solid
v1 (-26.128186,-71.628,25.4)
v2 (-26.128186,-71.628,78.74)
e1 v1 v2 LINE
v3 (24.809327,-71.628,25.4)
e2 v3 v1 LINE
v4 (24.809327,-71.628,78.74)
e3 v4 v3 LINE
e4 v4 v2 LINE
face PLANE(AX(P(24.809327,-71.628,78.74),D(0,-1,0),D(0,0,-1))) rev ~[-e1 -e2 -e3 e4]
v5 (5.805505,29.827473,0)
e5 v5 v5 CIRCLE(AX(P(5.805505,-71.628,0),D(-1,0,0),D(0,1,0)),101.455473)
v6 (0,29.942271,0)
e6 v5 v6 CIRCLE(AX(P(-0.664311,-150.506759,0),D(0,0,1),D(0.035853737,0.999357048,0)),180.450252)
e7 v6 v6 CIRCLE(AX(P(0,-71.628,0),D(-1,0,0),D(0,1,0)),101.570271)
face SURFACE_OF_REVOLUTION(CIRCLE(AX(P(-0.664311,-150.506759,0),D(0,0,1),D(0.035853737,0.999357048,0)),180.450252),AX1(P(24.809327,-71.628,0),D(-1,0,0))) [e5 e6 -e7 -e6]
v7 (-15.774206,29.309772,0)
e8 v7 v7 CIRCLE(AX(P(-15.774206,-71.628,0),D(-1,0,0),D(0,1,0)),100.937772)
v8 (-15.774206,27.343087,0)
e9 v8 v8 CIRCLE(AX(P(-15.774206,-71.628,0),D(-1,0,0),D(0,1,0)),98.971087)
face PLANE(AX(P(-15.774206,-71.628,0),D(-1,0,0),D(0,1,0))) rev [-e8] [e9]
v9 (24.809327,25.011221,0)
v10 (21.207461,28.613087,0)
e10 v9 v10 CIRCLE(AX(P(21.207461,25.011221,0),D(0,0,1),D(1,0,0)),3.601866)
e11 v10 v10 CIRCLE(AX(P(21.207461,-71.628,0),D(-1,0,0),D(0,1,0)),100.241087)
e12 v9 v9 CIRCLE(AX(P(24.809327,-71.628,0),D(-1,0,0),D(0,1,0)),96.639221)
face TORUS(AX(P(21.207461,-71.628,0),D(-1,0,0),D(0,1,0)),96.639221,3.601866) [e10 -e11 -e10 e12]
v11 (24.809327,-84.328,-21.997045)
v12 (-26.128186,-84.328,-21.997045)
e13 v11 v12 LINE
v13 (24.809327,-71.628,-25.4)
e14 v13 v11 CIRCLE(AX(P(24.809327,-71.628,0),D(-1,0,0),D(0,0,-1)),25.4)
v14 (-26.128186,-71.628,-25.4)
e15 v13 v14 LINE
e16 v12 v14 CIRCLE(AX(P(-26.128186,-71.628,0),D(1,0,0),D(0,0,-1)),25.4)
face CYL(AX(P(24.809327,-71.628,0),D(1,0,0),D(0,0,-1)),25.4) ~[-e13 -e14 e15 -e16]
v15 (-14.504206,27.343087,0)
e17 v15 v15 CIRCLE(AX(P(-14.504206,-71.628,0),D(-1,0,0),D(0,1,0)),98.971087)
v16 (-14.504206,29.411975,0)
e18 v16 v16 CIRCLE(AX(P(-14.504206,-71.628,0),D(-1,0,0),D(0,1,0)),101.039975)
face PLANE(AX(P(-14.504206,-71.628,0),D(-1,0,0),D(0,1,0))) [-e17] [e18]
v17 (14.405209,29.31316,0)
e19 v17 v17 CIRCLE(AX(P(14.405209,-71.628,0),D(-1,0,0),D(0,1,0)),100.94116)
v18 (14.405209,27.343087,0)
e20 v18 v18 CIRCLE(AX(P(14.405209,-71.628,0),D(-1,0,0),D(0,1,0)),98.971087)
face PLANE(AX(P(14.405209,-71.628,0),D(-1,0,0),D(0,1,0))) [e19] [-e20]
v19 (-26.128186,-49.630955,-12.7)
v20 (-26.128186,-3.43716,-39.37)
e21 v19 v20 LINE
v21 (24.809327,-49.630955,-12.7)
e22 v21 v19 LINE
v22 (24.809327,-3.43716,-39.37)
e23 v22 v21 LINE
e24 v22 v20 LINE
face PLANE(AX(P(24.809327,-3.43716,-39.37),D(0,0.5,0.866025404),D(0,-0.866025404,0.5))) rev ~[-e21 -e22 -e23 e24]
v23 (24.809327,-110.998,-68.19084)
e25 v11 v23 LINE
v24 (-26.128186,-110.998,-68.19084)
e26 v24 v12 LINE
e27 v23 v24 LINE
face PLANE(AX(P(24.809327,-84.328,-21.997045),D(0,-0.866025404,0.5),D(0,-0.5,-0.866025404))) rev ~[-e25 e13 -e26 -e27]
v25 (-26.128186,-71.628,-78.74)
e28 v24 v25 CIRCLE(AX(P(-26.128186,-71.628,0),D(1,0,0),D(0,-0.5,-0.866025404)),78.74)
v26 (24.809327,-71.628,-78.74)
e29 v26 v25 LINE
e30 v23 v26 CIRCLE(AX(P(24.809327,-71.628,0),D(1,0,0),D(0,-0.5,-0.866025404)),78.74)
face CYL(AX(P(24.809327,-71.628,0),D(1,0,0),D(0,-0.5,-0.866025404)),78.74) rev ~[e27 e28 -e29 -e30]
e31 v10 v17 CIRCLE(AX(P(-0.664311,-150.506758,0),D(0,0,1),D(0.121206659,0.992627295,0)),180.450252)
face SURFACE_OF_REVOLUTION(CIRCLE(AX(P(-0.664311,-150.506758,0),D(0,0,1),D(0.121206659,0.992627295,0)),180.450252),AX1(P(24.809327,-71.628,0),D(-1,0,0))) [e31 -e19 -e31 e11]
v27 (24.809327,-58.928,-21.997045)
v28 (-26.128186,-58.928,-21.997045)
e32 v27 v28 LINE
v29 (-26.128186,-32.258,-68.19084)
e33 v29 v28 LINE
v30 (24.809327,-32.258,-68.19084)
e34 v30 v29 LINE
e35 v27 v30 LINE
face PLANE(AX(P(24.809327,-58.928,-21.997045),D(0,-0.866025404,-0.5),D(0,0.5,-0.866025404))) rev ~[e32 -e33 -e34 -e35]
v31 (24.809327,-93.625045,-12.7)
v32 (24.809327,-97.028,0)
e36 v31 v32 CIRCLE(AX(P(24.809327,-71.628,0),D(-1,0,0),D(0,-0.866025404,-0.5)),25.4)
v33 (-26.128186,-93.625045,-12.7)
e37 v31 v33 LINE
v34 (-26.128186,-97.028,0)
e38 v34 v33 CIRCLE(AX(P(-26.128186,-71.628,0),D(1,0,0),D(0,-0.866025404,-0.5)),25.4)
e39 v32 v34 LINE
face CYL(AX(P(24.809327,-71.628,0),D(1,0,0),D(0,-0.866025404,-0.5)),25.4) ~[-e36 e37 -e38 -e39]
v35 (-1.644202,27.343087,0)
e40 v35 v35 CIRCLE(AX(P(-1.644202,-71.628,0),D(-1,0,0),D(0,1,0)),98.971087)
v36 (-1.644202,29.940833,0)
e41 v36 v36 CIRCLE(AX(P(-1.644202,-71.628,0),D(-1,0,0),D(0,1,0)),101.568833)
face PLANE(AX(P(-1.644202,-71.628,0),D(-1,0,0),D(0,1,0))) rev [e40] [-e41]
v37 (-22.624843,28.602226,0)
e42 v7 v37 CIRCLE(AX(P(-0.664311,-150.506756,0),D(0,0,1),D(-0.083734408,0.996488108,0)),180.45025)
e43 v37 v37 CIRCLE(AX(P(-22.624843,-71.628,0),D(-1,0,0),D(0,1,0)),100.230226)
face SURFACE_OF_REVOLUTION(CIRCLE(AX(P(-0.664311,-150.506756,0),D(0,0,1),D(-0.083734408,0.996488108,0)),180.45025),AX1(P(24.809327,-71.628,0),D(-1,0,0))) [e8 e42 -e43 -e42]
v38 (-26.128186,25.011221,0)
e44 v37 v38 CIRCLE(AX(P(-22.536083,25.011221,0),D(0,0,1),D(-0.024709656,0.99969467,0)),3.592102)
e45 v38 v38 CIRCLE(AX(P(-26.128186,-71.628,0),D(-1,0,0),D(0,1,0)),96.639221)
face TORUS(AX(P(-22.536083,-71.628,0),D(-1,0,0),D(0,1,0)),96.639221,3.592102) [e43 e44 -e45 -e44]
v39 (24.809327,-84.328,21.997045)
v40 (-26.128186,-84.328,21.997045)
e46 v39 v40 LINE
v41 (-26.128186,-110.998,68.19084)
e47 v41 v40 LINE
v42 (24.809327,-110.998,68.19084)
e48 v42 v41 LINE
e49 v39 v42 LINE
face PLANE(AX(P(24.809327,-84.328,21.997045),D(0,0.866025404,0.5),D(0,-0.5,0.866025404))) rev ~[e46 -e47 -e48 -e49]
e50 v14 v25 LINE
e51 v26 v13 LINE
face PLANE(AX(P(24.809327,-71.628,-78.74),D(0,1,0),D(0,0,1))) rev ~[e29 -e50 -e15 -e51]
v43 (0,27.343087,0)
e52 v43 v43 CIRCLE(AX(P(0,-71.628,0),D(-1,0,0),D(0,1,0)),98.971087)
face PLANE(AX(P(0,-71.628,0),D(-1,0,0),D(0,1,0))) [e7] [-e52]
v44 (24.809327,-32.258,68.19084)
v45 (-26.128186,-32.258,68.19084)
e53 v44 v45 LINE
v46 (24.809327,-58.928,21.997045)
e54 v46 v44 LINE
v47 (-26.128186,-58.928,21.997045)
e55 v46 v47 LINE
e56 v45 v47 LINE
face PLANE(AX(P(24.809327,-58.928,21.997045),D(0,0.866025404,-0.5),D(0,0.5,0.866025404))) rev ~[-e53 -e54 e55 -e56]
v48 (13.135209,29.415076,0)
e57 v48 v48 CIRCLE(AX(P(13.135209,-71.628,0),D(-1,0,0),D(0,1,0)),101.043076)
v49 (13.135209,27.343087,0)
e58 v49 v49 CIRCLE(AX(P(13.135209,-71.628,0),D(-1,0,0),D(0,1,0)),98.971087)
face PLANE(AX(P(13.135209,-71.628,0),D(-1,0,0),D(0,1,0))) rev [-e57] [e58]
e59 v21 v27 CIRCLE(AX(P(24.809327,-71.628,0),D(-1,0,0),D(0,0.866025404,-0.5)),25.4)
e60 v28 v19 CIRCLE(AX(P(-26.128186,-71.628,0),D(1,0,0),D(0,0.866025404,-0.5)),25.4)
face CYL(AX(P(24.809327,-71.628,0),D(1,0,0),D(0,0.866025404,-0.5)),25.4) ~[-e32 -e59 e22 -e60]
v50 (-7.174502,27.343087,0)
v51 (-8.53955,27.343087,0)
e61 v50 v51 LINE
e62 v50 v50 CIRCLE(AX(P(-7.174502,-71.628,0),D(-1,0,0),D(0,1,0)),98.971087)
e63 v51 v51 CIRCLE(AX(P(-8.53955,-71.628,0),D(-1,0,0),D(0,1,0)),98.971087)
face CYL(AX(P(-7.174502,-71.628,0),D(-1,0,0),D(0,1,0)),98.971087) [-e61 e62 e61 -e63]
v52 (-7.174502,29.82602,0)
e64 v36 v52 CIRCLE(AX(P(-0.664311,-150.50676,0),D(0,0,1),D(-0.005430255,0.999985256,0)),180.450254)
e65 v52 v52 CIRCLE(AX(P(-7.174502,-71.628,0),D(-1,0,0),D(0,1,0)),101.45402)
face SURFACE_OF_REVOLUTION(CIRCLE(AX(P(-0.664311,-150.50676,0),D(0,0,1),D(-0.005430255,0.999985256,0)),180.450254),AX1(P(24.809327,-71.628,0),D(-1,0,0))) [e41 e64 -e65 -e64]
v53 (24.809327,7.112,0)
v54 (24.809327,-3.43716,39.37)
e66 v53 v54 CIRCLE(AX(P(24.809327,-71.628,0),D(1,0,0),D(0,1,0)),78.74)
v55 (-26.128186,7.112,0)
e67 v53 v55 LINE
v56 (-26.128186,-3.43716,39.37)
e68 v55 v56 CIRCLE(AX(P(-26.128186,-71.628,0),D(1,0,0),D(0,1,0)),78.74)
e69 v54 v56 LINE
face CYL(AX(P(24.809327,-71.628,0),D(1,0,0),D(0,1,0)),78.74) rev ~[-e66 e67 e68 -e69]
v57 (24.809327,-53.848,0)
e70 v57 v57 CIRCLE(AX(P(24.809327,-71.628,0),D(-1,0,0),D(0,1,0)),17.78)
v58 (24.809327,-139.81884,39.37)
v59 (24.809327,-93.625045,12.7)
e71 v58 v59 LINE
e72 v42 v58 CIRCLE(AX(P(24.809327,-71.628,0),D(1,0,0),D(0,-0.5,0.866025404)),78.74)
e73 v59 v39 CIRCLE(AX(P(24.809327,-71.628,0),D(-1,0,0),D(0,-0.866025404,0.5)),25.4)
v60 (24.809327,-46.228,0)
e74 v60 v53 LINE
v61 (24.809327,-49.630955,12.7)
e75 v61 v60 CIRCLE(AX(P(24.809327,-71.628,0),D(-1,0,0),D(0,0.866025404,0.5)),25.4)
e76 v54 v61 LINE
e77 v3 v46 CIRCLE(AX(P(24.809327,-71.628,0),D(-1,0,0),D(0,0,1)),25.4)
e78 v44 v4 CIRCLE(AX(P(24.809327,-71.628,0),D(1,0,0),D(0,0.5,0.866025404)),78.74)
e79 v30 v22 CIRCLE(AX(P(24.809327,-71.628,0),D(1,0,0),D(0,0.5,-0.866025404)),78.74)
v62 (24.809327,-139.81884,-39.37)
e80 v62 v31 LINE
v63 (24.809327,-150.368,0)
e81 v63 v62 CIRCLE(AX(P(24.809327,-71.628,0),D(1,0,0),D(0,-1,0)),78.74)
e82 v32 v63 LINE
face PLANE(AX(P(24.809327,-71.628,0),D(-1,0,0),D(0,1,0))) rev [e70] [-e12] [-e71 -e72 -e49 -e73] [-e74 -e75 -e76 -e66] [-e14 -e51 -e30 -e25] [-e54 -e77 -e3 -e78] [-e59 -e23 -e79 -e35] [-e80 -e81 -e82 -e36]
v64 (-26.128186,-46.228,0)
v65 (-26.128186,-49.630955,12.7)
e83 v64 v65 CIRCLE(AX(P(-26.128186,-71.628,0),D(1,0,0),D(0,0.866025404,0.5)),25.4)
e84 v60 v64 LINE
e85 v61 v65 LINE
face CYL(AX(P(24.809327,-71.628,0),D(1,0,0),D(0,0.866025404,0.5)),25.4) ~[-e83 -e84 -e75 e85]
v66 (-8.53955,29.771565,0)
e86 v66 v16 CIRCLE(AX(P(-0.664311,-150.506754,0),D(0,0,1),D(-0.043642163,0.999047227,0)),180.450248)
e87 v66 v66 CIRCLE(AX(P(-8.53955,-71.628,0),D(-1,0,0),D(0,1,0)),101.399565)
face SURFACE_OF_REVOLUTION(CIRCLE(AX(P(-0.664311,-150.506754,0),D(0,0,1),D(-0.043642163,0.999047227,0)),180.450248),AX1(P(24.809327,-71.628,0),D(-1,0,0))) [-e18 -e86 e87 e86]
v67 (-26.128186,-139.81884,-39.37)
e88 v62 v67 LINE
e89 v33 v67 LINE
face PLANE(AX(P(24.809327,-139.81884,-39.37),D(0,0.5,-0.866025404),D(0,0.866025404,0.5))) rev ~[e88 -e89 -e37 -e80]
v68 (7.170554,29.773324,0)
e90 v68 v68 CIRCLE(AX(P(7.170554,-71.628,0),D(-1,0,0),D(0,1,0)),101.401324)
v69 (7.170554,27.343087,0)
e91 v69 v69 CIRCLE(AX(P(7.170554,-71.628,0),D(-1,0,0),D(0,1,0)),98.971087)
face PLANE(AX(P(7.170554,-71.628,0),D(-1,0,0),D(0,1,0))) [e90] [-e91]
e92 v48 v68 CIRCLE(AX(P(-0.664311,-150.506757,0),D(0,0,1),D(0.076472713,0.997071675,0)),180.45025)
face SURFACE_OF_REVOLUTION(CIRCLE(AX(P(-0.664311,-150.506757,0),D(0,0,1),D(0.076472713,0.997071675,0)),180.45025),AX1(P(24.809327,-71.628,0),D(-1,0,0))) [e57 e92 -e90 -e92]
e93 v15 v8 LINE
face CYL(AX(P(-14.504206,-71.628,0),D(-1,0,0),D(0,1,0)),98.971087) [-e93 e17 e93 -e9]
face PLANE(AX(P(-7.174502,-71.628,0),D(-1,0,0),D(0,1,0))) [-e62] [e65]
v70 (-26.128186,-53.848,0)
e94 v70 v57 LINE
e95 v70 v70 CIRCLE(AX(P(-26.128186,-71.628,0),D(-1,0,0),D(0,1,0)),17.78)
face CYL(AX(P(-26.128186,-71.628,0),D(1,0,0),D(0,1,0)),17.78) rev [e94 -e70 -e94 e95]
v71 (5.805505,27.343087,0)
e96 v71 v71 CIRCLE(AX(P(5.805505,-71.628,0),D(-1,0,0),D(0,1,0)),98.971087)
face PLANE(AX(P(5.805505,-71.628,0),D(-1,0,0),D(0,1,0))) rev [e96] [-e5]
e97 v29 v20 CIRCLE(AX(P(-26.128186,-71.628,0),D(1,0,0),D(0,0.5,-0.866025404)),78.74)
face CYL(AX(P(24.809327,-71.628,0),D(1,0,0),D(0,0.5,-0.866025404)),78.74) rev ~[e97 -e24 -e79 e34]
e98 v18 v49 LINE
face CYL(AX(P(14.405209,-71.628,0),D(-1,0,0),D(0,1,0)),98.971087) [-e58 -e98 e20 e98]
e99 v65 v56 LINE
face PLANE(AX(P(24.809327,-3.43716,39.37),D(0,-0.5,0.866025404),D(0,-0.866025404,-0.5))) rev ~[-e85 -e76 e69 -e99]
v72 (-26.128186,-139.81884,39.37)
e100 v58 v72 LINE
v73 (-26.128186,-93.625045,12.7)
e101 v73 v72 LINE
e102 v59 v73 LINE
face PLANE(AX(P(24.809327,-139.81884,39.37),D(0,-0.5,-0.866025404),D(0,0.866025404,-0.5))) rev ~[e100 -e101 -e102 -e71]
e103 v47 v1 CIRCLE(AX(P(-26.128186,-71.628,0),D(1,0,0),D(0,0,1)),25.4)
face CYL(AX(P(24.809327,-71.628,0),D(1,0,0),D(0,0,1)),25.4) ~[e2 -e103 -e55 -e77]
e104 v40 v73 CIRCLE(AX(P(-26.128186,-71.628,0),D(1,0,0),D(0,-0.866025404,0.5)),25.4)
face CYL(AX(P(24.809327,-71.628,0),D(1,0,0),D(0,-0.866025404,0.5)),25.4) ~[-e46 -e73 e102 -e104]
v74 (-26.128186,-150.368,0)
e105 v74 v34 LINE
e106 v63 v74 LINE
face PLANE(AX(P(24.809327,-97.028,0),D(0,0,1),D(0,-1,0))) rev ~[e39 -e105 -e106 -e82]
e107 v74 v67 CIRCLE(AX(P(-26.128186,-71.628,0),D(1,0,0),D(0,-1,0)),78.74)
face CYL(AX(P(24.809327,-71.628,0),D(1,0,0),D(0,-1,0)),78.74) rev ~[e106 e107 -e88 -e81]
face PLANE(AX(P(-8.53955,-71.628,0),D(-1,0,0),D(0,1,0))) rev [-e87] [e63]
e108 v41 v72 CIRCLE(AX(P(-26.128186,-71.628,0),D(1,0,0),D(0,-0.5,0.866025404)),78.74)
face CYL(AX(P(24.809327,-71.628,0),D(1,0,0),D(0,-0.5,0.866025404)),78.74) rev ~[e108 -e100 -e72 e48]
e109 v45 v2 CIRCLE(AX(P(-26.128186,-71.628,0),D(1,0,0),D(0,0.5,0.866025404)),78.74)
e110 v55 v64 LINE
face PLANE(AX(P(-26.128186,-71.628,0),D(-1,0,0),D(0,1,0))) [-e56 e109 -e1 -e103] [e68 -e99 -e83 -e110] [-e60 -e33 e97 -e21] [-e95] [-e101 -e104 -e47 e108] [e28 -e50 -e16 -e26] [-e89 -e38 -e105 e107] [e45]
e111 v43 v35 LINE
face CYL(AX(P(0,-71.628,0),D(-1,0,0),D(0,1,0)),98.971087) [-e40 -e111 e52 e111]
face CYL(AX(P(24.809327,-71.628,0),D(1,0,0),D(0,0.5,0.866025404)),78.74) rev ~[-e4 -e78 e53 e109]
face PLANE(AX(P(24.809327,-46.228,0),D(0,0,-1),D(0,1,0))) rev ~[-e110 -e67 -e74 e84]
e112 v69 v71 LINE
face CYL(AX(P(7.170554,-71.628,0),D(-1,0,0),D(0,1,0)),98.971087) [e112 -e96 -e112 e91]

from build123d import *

# Parameters (mm, degrees)
CUT_EXTRUDE1_DEPTH = 208.14437265


with BuildPart() as part:
    # Sketch1 → Revolve2 (revolve)
    with BuildSketch(Plane.XY):
        with BuildLine():
            Line((-26.12818556, 25.011220729), (-26.12818556, 0))
            Line((-26.12818556, 0), (-26.12818556, -49.403))
            Line((-26.12818556, -49.403), (-26.12818556, -53.848))
            Line((-26.12818556, -53.848), (24.80932747, -53.848))
            Line((24.80932747, -53.848), (24.80932747, -49.403))
            Line((24.80932747, -49.403), (24.80932747, 0))
            Line((24.80932747, 0), (24.80932747, 25.011220729))
            ThreePointArc((24.80932747, 25.011220729), (23.754365298, 27.558124712), (21.207461315, 28.613086884))
            ThreePointArc((21.207461315, 28.613086884), (17.809651848, 28.995347699), (14.405209453, 29.31315971))
            Line((14.405209453, 29.31315971), (14.405209453, 27.343086884))
            Line((14.405209453, 27.343086884), (13.135209453, 27.343086884))
            Line((13.135209453, 27.343086884), (13.135209453, 29.41507638))
            ThreePointArc((13.135209453, 29.41507638), (10.154364595, 29.618891225), (7.170553789, 29.773324491))
            Line((7.170553789, 29.773324491), (7.170553789, 27.343086884))
            Line((7.170553789, 27.343086884), (5.805505117, 27.343086884))
            Line((5.805505117, 27.343086884), (5.805505117, 29.827472606))
            ThreePointArc((5.805505117, 29.827472606), (2.903214343, 29.908224778), (0, 29.942270642))
            Line((0, 29.942270642), (0, 27.343086884))
            Line((0, 27.343086884), (-0.684498309, 27.343086884))
            Line((-0.684498309, 27.343086884), (-1.644201764, 27.343086884))
            Line((-1.644201764, 27.343086884), (-1.644201764, 29.940832898))
            ThreePointArc((-1.644201764, 29.940832898), (-4.409791709, 29.904618084), (-7.174501735, 29.82601956))
            Line((-7.174501735, 29.82601956), (-7.174501735, 27.343086884))
            Line((-7.174501735, 27.343086884), (-8.539550408, 27.343086884))
            Line((-8.539550408, 27.343086884), (-8.539550408, 29.771565295))
            ThreePointArc((-8.539550408, 29.771565295), (-11.523366789, 29.616461362), (-14.504206072, 29.411975183))
            Line((-14.504206072, 29.411975183), (-14.504206072, 27.343086884))
            Line((-14.504206072, 27.343086884), (-15.774206072, 27.343086884))
            Line((-15.774206072, 27.343086884), (-15.774206072, 29.309771598))
            ThreePointArc((-15.774206072, 29.309771598), (-19.202900235, 28.988684715), (-22.624842728, 28.6022264))
            ThreePointArc((-22.624842728, 28.6022264), (-25.107272878, 27.519643178), (-26.12818556, 25.011220729))
        make_face()
    revolve(axis=Axis((24.80932747, -71.628, 0), (-1, 0, 0)))

    # Sketch2 → Cut-Extrude1 (cut, through all)
    with BuildSketch(Plane(origin=(24.80932747, 0, 0), x_dir=(0, 0, -1), z_dir=(1, 0, 0))):
        with BuildLine():
            ThreePointArc((-25.4, -71.628), (-24.534515988, -65.053996254), (-21.997045256, -58.928))
            Line((-21.997045256, -58.928), (-68.190840294, -32.258))
            ThreePointArc((-68.190840294, -32.258), (-76.056999562, -51.248588389), (-78.74, -71.628))
            Line((-78.74, -71.628), (-25.4, -71.628))
        make_face()
        with BuildLine():
            ThreePointArc((-12.7, -49.630954744), (-6.574003746, -47.093484012), (0, -46.228))
            Line((0, -46.228), (0, 7.112))
            ThreePointArc((0, 7.112), (-20.379411611, 4.428999562), (-39.37, -3.437159706))
            Line((-39.37, -3.437159706), (-12.7, -49.630954744))
        make_face()
        with BuildLine():
            Line((39.37, -3.437159706), (12.7, -49.630954744))
            ThreePointArc((12.7, -49.630954744), (17.960512242, -53.667487758), (21.997045256, -58.928))
            Line((21.997045256, -58.928), (68.190840294, -32.258))
            ThreePointArc((68.190840294, -32.258), (55.677587951, -15.950412049), (39.37, -3.437159706))
        make_face()
        with BuildLine():
            Line((78.74, -71.628), (25.4, -71.628))
            ThreePointArc((25.4, -71.628), (24.534515988, -78.202003746), (21.997045256, -84.328))
            Line((21.997045256, -84.328), (68.190840294, -110.998))
            ThreePointArc((68.190840294, -110.998), (76.056999562, -92.007411611), (78.74, -71.628))
        make_face()
        with BuildLine():
            Line((39.37, -139.818840294), (12.7, -93.625045256))
            ThreePointArc((12.7, -93.625045256), (6.574003746, -96.162515988), (0, -97.028))
            Line((0, -97.028), (0, -150.368))
            ThreePointArc((0, -150.368), (20.379411611, -147.684999562), (39.37, -139.818840294))
        make_face()
        with BuildLine():
            ThreePointArc((-12.7, -93.625045256), (-17.960512242, -89.588512242), (-21.997045256, -84.328))
            Line((-21.997045256, -84.328), (-68.190840294, -110.998))
            ThreePointArc((-68.190840294, -110.998), (-55.677587951, -127.305587951), (-39.37, -139.818840294))
            Line((-39.37, -139.818840294), (-12.7, -93.625045256))
        make_face()
    extrude(amount=-CUT_EXTRUDE1_DEPTH, mode=Mode.SUBTRACT)


solid = part.part
